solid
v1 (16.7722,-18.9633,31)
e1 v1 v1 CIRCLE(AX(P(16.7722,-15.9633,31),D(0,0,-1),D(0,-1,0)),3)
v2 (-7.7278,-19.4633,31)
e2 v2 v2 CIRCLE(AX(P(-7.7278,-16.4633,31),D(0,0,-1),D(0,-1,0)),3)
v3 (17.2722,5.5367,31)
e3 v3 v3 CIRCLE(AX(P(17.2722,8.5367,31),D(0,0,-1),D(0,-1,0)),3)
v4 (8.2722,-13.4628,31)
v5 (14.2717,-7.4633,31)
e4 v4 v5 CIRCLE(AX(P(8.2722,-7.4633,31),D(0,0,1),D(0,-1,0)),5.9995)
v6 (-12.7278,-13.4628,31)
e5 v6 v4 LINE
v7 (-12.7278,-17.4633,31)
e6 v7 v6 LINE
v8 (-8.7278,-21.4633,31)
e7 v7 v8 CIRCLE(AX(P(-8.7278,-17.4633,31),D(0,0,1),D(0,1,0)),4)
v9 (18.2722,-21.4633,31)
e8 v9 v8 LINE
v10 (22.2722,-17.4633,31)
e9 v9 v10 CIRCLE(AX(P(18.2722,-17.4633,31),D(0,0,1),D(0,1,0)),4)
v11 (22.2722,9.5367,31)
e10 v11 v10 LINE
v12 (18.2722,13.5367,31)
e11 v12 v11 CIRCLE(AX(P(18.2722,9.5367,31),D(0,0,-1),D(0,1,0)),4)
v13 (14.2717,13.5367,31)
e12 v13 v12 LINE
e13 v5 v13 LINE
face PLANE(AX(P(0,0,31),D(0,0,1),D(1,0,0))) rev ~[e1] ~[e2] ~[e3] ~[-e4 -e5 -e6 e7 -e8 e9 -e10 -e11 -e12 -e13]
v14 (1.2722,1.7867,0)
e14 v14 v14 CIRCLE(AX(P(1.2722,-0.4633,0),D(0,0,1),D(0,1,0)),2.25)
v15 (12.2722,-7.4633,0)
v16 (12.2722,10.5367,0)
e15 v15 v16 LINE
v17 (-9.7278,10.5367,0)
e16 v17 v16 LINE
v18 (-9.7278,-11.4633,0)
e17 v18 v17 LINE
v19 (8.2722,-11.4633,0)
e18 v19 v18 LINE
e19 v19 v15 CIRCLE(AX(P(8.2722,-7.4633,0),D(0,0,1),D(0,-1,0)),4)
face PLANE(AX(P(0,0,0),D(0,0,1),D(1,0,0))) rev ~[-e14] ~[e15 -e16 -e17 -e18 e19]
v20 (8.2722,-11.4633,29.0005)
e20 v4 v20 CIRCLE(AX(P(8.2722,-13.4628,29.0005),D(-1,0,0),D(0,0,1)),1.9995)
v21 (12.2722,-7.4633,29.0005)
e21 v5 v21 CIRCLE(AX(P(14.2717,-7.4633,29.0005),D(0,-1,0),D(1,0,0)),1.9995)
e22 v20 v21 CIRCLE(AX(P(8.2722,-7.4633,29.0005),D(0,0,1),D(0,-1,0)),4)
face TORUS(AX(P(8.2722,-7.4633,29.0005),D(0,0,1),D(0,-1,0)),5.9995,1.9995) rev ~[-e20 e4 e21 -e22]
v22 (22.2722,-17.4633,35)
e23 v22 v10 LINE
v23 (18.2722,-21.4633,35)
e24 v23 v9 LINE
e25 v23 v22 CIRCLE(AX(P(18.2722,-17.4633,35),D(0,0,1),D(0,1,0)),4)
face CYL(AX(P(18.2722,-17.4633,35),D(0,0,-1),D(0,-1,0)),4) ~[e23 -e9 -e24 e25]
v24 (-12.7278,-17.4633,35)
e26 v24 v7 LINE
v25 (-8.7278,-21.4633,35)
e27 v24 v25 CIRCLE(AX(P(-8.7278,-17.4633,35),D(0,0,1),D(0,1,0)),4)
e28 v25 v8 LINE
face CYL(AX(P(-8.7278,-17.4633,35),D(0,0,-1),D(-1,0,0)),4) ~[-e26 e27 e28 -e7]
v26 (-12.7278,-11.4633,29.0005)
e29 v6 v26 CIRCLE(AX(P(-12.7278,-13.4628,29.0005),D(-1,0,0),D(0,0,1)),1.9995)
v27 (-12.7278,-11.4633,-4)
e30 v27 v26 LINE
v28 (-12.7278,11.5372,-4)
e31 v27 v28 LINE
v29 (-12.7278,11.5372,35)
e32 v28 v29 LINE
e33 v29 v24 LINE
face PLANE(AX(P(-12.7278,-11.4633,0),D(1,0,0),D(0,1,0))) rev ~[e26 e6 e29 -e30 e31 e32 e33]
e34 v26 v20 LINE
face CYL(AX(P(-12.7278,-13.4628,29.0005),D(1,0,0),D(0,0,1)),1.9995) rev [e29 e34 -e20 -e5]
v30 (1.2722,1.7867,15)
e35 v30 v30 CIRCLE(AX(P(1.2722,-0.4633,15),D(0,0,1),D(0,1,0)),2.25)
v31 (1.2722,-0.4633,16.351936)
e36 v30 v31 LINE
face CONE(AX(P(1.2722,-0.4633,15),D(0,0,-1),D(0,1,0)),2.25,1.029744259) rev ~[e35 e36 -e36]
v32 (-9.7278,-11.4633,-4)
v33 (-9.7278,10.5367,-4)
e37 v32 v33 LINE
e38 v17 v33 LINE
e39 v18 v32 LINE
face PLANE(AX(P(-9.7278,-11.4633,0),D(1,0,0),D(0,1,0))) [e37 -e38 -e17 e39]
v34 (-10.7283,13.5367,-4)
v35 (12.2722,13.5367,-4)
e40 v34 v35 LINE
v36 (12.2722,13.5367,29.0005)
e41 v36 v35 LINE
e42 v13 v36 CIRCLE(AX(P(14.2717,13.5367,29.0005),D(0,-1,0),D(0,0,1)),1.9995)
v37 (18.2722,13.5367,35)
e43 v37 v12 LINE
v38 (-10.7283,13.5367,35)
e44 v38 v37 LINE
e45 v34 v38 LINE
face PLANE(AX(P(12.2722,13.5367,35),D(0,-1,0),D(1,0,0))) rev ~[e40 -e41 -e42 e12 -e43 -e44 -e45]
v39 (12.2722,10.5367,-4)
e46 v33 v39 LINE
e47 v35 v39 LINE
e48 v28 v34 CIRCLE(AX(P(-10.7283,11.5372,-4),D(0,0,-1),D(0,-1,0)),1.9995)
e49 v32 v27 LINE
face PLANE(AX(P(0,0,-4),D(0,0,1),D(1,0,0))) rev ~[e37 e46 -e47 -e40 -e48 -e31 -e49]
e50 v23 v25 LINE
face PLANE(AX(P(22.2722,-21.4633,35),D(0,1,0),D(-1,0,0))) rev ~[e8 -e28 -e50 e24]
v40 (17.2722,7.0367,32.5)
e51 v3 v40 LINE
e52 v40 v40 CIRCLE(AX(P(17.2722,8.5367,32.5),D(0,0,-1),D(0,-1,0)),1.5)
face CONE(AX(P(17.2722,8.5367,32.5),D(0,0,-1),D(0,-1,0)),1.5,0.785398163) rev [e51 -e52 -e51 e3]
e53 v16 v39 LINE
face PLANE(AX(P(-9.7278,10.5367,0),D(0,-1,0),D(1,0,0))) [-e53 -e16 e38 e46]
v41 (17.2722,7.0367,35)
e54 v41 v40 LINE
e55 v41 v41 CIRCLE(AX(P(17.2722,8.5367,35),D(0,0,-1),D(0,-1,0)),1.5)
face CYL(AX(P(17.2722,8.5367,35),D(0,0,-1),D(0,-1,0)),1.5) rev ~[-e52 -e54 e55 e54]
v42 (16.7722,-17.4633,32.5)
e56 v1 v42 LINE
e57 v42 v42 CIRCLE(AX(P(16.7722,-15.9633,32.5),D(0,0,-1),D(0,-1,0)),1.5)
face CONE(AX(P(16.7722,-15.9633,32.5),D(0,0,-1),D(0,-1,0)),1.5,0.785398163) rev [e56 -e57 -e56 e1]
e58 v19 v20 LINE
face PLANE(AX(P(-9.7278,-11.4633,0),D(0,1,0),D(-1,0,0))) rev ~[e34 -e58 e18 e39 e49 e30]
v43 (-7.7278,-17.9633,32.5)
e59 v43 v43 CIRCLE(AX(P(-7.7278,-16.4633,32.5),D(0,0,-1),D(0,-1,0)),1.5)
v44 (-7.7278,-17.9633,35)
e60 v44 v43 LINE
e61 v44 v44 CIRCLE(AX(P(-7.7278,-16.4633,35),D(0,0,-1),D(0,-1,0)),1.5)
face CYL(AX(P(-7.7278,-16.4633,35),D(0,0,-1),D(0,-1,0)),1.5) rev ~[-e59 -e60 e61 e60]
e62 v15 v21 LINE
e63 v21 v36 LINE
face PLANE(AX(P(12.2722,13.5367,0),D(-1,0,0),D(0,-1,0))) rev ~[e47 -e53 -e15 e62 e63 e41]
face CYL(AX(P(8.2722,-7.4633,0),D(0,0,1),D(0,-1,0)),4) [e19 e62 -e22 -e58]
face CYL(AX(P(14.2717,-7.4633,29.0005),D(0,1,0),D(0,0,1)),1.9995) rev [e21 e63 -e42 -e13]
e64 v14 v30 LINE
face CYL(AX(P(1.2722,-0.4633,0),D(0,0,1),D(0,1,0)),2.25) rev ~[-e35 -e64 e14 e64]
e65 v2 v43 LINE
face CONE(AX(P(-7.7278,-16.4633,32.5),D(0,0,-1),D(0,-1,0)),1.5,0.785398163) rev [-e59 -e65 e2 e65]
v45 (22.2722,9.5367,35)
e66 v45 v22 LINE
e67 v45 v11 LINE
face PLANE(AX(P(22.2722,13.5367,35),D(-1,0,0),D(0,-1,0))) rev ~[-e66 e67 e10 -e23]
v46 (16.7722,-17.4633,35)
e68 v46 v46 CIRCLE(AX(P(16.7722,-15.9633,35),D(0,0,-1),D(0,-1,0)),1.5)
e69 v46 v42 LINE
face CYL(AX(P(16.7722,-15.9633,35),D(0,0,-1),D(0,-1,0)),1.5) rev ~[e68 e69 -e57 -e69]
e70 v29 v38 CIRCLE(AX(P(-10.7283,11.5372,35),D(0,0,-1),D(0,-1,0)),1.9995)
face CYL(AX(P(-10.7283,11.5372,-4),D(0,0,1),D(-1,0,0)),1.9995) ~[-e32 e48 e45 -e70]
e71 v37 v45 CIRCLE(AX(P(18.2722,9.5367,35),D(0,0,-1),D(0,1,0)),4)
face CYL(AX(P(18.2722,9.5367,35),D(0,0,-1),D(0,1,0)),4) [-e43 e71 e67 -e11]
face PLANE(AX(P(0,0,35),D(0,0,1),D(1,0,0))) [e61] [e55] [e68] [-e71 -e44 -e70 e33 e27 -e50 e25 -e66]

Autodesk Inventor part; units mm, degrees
ref_plane "YZ Plane" through (0, 0, 0) normal (1, 0, 0) x (0, 1, 0)
ref_plane "XZ Plane" through (0, 0, 0) normal (0, 1, 0) x (-1, 0, 0)
ref_plane "XY Plane" through (0, 0, 0) normal (0, 0, 1) x (1, 0, 0)
sketch "Sketch1" plane through (0, 0, 0) normal (0, 0, 1) x (1, 0, 0)
  line L0 (-12.7278, 13.5367) -> (12.2722, 13.5367)
  line L1 (12.2722, 13.5367) -> (12.2722, -11.4633)
  line L2 (12.2722, -11.4633) -> (-12.7278, -11.4633)
  line L3 (-12.7278, -11.4633) -> (-12.7278, 13.5367)
  line L4 (-9.7278, -11.4633) -> (-9.7278, 10.5367)
  line L5 (-9.7278, 10.5367) -> (12.2722, 10.5367)
  point P0 (0, 0)
  point P1 (1.2722, -0.4633)
  dimension "d0" = 25
  dimension "d1" = 25
  dimension "d2" = 3
  dimension "d3" = 3
  dimension "d4" = 11
  dimension "d5" = 11
extrude "Extrusion1" add sketch "Sketch1" along normal blind 35
extrude "Extrusion2" add sketch "Sketch1" against normal blind 4 contours L0 L1 L5 L4 L2 L3
hole "Hole1" at (1.2722, -0.4633, 0) direction (0, 0, 1) diameter 4.5 depth 15 tip angle 118
sketch "Sketch2" plane through (0, 0, 35) normal (0, 0, 1) x (1, 0, 0)
  line L0 (-12.7278, 13.5367) -> (-12.7278, -11.4633) projected
  line L1 (-12.7278, -11.4633) -> (12.2722, -11.4633) projected
  line L2 (12.2722, -11.4633) -> (12.2722, 13.5367) projected
  line L3 (12.2722, 13.5367) -> (-12.7278, 13.5367) projected
  line L4 (12.2722, 13.5367) -> (12.2722, 10.5367) projected
  line L5 (12.2722, 13.5367) -> (22.2722, 13.5367)
  line L6 (22.2722, 13.5367) -> (22.2722, -21.4633)
  line L7 (22.2722, -21.4633) -> (-12.7278, -21.4633)
  line L8 (-12.7278, -21.4633) -> (-12.7278, -11.4633)
  point P0 (0, 0)
  point P1 (17.2722, 8.5367)
  point P2 (-7.7278, -16.4633)
  point P3 (16.7722, -15.9633)
  dimension "d17" = 10
  dimension "d18" = 10
  dimension "d21" = 5
  dimension "d22" = 5
  dimension "d23" = 5.5
  dimension "d24" = 5.5
  dimension "d25" = 5
  dimension "d26" = 5
extrude "Extrusion3" add sketch "Sketch2" against normal blind 4 contours L1 L2 L5 L6 L7 L8
hole "Hole2" at (17.2722, 8.5367, 35) at (-7.7278, -16.4633, 35) at (16.7722, -15.9633, 35) direction (0, 0, -1) diameter 3 end through all
chamfer "Chamfer1" distance 1.5 angle 45 3 edges at (-7.7278, -14.9633, 31) (16.7722, -14.4633, 31) (17.2722, 10.0367, 31)
fillet "Fillet1" radius 4 4 edges at (22.2722, -21.4633, 33) (-12.7278, -21.4633, 33) (22.2722, 13.5367, 33) (12.2722, -11.4633, 15.5)
fillet "Fillet2" radius 2 3 edges at (-12.7278, 13.5367, 15.5) (12.2722, 3.0367, 31) (-2.2278, -11.4633, 31)
equation "\"d3\" = d2"
equation "\"d22\" = d21"
equation "\"d24\" = d23"
equation "\"d26\" = d25"
properties part number "3DP_PLA_Sorting_line_base_plate_standoff" material "ABS Plastic"
